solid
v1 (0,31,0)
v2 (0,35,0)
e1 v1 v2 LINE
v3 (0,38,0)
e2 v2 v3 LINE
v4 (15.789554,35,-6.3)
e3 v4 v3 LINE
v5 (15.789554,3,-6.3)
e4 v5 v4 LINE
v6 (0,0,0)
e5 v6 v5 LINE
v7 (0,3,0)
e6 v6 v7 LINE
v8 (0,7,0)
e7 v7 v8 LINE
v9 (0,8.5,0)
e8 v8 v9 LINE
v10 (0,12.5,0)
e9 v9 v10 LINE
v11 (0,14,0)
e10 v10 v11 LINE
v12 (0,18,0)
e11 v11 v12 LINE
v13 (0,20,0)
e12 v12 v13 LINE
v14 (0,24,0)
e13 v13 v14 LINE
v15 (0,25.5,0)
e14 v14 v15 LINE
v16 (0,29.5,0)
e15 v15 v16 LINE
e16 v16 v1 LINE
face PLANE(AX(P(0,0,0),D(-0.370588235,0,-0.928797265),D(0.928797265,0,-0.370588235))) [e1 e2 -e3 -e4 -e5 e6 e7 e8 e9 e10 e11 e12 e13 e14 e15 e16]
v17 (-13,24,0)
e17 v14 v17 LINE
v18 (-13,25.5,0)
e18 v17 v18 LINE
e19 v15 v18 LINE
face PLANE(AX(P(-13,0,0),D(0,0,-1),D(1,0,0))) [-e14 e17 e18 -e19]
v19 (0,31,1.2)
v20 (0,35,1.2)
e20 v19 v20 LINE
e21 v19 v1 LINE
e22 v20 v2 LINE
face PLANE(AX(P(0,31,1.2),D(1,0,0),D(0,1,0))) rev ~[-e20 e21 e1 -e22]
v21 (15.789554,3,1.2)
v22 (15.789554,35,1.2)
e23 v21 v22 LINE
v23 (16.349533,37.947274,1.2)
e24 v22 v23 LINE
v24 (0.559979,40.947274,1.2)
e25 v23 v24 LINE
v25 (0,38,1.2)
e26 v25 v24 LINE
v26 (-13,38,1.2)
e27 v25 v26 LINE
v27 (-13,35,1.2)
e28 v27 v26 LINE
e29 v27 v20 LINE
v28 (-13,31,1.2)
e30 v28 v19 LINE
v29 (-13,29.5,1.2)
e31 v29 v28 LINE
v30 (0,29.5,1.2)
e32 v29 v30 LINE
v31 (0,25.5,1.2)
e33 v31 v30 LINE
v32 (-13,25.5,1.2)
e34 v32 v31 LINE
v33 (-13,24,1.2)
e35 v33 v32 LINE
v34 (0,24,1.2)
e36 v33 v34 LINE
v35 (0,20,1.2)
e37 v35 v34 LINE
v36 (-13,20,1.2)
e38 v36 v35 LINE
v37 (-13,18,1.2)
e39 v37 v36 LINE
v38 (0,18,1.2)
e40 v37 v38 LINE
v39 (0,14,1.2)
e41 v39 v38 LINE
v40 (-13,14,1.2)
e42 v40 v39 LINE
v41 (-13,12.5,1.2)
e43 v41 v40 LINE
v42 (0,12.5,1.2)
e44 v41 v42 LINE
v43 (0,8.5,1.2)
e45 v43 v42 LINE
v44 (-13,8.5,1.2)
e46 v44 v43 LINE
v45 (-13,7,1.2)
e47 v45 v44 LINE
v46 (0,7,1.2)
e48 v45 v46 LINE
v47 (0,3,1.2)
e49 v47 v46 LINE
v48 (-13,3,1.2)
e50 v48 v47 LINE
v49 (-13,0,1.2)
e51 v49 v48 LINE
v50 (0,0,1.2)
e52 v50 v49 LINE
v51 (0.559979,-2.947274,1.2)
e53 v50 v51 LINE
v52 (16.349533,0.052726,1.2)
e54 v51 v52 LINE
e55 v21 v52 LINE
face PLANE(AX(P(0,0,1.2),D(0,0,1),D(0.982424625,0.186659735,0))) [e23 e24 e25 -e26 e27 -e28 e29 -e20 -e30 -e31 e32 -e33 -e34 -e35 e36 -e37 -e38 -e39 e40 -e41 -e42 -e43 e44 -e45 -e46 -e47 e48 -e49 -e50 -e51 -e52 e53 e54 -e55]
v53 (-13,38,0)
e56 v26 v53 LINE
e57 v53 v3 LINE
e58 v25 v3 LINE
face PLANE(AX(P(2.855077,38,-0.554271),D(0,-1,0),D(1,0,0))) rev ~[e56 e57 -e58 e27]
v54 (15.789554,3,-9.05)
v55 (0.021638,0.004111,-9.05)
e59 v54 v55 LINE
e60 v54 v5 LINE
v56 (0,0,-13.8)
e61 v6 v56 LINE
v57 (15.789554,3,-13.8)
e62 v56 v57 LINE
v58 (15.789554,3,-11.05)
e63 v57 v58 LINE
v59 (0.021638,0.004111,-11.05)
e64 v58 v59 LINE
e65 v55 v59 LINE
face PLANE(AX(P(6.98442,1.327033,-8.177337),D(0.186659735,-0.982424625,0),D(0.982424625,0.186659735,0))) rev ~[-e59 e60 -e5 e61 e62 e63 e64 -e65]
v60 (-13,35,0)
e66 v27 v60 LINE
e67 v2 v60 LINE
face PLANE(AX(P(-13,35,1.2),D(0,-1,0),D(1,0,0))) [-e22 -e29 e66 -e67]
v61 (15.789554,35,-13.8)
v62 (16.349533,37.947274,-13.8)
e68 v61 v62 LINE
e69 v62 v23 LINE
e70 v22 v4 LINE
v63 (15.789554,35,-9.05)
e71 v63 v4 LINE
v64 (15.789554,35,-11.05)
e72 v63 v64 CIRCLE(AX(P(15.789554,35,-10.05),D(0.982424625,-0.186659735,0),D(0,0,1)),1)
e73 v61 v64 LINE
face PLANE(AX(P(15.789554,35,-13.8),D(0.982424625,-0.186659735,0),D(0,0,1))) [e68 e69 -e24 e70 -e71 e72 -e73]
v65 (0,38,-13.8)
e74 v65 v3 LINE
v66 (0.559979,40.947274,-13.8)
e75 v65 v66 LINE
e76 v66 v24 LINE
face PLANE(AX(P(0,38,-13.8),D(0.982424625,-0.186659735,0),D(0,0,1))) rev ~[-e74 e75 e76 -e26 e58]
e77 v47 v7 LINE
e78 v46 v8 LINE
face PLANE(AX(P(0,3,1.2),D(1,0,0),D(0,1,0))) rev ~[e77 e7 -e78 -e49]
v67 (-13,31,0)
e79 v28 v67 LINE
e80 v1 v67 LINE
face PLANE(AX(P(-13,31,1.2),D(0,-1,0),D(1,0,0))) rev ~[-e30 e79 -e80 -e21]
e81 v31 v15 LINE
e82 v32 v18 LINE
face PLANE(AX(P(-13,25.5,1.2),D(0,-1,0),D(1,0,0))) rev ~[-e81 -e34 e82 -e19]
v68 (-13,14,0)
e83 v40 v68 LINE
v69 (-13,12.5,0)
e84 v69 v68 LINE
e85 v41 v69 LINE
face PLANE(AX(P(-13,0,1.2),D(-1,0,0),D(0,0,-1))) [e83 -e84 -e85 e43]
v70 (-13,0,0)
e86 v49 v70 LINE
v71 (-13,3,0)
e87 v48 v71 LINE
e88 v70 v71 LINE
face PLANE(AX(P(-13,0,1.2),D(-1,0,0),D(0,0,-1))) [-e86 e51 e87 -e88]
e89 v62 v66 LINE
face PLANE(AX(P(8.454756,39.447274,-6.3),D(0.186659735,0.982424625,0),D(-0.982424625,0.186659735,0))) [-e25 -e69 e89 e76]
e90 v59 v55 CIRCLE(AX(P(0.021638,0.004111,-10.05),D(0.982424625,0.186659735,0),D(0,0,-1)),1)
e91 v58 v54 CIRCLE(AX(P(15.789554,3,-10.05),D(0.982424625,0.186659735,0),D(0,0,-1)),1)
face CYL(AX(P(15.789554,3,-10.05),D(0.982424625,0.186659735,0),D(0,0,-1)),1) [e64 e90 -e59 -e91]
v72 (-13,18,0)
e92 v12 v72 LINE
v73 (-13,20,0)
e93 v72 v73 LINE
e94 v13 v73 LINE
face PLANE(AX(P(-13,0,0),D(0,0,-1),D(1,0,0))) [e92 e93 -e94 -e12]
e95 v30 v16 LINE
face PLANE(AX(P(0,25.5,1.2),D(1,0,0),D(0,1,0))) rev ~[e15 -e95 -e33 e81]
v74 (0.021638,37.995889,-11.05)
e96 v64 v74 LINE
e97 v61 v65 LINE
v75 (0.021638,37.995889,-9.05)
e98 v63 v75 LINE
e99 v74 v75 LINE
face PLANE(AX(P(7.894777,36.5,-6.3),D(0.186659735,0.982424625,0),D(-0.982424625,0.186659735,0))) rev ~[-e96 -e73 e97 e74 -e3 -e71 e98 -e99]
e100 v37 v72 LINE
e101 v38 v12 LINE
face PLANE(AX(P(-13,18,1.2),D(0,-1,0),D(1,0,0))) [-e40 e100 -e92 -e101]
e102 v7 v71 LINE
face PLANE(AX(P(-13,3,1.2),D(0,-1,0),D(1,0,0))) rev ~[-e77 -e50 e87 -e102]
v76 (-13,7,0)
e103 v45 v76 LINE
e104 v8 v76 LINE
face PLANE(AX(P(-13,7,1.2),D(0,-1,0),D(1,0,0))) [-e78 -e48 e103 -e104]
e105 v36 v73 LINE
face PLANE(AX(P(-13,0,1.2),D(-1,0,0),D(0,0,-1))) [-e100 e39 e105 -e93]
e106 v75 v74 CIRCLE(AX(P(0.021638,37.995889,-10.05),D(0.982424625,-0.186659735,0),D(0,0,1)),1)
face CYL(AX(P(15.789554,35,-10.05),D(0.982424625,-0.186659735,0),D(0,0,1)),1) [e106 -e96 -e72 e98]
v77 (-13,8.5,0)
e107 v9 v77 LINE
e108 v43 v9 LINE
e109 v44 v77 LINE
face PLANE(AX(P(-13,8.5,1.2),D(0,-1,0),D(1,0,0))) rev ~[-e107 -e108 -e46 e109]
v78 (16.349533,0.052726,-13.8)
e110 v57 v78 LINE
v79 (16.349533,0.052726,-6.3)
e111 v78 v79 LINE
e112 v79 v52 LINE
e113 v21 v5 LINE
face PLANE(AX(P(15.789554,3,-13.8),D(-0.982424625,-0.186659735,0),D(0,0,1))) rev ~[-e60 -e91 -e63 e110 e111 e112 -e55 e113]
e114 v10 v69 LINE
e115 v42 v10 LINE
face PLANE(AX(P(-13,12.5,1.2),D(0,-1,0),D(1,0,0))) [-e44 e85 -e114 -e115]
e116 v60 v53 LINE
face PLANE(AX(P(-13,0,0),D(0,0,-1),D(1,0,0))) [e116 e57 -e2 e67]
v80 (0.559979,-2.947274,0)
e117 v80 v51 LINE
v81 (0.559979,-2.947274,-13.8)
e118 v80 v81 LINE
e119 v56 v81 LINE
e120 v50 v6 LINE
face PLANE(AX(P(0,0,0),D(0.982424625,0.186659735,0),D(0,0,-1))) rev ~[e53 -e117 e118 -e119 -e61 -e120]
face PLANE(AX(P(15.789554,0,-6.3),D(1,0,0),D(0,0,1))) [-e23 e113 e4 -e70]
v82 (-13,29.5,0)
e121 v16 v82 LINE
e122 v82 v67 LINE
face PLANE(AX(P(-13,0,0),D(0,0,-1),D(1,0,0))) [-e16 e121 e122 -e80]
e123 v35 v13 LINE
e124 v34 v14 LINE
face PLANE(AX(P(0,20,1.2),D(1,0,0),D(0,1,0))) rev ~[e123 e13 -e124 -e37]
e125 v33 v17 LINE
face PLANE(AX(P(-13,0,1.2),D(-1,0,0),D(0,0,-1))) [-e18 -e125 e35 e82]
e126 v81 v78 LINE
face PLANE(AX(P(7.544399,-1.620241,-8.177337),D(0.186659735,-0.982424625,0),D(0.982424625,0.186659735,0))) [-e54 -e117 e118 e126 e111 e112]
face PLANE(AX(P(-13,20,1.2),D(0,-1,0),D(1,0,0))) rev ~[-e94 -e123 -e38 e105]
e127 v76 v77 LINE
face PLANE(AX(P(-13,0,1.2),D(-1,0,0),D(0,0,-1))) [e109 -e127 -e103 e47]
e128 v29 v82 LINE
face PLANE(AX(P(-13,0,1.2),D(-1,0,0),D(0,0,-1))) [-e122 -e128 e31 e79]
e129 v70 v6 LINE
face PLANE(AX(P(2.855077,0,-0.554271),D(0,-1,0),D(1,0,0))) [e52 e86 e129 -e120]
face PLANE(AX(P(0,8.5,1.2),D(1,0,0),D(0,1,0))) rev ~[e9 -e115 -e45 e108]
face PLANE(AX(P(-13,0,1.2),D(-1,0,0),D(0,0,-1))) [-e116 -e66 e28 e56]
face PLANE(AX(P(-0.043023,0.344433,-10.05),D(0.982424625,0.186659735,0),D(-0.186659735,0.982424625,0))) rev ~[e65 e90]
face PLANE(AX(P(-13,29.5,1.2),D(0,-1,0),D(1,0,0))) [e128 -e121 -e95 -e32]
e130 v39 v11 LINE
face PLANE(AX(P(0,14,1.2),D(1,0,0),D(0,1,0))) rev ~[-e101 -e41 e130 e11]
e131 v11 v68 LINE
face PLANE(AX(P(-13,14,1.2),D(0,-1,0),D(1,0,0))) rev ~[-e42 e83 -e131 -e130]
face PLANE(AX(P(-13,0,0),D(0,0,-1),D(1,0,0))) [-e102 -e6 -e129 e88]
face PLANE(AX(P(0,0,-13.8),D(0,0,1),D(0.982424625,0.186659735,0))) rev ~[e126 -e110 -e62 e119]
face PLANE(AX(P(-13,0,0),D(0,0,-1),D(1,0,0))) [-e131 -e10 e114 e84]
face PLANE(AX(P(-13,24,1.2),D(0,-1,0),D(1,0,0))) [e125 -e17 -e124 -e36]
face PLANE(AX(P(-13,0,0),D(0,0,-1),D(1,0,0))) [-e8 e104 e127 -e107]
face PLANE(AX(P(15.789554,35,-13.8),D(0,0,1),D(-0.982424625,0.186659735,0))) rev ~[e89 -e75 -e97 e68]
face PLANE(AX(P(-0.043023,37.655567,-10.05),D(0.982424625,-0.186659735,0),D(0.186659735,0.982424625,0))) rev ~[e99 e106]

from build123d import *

# Parameters (mm, degrees)
F1_DEPTH  = 38
F2_W      = 13
F2_H      = 4
F3_DEPTH  = 7.501
F4_W      = 16.0720253857
F4_H      = 15
F5_DEPTH  = 3
F6_W      = 16.0720253857
F6_H      = 15
F7_DEPTH  = 3
F9_DEPTH  = 16.05
F11_DEPTH = 16.05


with BuildPart() as f1:
    # F0 (on Front) → F1 (new body)
    with BuildSketch(Plane.XZ):
        Polygon((-13, 1.2), (-13, 0), (0, 0), (15.7895535086, -6.3), (15.7895535086, 1.2), align=None)
    extrude(amount=-F1_DEPTH)

    # F2 (on face) → F3 (cut, through all)
    with BuildSketch(Plane.XY.offset(1.2)):
        with Locations((-6.5, 33)):
            Rectangle(F2_W, F2_H)
        with Locations((-6.5, 27.5)):
            Rectangle(F2_W, F2_H)
        with Locations((-6.5, 22)):
            Rectangle(F2_W, F2_H)
        with Locations((-6.5, 16)):
            Rectangle(F2_W, F2_H)
        with Locations((-6.5, 10.5)):
            Rectangle(F2_W, F2_H)
        with Locations((-6.5, 5)):
            Rectangle(F2_W, F2_H)
        Polygon((15.7895535086, 3), (0, 0), (15.7895535086, 0), align=None)
        Polygon((15.7895535086, 38), (0, 38), (15.7895535086, 35), align=None)
    extrude(amount=-F3_DEPTH, mode=Mode.SUBTRACT)

    # F4 (on face) → F5 (join)
    with BuildSketch(Plane(origin=(6.9684065657, 36.676009446, 0), x_dir=(-0.9824246248, 0.186659735, 0), z_dir=(0.186659735, 0.9824246248, 0))):
        with Locations((-0.9429427615, -6.3)):
            Rectangle(F4_W, F4_H)
    extrude(amount=F5_DEPTH)

    # F6 (on face) → F7 (join)
    with BuildSketch(Plane(origin=(0, 0, 0), x_dir=(0.9824246248, 0.186659735, 0), z_dir=(0.186659735, -0.9824246248, 0))):
        Polygon((16.0720253857, -6.3), (0, 0), (0, -13.8), (16.0720253857, -13.8), align=None)
        with Locations((8.0360126929, -6.3)):
            Rectangle(F6_W, F6_H)
    extrude(amount=F7_DEPTH)

    # F8 (on face) → F9 (join)
    with BuildSketch(Plane(origin=(8.8211469429, -1.676009446, 0), x_dir=(0.186659735, 0.9824246248, 0), z_dir=(0.9824246248, -0.186659735, 0))):
        with BuildLine():
            Line((37.3321357405, -11.05), (37.3321357405, -9.05))
            ThreePointArc((37.3321357405, -9.05), (36.3321357405, -10.05), (37.3321357405, -11.05))
        make_face()
    extrude(amount=-F9_DEPTH)

    # F10 (on face) → F11 (join)
    with BuildSketch(Plane(origin=(15.7895535086, 3, 0), x_dir=(-0.186659735, 0.9824246248, 0), z_dir=(0.9824246248, 0.186659735, 0))):
        with BuildLine():
            Line((0, -9.05), (0, -11.05))
            ThreePointArc((0, -11.05), (1, -10.05), (0, -9.05))
        make_face()
    extrude(amount=-F11_DEPTH)


solid = f1.part
